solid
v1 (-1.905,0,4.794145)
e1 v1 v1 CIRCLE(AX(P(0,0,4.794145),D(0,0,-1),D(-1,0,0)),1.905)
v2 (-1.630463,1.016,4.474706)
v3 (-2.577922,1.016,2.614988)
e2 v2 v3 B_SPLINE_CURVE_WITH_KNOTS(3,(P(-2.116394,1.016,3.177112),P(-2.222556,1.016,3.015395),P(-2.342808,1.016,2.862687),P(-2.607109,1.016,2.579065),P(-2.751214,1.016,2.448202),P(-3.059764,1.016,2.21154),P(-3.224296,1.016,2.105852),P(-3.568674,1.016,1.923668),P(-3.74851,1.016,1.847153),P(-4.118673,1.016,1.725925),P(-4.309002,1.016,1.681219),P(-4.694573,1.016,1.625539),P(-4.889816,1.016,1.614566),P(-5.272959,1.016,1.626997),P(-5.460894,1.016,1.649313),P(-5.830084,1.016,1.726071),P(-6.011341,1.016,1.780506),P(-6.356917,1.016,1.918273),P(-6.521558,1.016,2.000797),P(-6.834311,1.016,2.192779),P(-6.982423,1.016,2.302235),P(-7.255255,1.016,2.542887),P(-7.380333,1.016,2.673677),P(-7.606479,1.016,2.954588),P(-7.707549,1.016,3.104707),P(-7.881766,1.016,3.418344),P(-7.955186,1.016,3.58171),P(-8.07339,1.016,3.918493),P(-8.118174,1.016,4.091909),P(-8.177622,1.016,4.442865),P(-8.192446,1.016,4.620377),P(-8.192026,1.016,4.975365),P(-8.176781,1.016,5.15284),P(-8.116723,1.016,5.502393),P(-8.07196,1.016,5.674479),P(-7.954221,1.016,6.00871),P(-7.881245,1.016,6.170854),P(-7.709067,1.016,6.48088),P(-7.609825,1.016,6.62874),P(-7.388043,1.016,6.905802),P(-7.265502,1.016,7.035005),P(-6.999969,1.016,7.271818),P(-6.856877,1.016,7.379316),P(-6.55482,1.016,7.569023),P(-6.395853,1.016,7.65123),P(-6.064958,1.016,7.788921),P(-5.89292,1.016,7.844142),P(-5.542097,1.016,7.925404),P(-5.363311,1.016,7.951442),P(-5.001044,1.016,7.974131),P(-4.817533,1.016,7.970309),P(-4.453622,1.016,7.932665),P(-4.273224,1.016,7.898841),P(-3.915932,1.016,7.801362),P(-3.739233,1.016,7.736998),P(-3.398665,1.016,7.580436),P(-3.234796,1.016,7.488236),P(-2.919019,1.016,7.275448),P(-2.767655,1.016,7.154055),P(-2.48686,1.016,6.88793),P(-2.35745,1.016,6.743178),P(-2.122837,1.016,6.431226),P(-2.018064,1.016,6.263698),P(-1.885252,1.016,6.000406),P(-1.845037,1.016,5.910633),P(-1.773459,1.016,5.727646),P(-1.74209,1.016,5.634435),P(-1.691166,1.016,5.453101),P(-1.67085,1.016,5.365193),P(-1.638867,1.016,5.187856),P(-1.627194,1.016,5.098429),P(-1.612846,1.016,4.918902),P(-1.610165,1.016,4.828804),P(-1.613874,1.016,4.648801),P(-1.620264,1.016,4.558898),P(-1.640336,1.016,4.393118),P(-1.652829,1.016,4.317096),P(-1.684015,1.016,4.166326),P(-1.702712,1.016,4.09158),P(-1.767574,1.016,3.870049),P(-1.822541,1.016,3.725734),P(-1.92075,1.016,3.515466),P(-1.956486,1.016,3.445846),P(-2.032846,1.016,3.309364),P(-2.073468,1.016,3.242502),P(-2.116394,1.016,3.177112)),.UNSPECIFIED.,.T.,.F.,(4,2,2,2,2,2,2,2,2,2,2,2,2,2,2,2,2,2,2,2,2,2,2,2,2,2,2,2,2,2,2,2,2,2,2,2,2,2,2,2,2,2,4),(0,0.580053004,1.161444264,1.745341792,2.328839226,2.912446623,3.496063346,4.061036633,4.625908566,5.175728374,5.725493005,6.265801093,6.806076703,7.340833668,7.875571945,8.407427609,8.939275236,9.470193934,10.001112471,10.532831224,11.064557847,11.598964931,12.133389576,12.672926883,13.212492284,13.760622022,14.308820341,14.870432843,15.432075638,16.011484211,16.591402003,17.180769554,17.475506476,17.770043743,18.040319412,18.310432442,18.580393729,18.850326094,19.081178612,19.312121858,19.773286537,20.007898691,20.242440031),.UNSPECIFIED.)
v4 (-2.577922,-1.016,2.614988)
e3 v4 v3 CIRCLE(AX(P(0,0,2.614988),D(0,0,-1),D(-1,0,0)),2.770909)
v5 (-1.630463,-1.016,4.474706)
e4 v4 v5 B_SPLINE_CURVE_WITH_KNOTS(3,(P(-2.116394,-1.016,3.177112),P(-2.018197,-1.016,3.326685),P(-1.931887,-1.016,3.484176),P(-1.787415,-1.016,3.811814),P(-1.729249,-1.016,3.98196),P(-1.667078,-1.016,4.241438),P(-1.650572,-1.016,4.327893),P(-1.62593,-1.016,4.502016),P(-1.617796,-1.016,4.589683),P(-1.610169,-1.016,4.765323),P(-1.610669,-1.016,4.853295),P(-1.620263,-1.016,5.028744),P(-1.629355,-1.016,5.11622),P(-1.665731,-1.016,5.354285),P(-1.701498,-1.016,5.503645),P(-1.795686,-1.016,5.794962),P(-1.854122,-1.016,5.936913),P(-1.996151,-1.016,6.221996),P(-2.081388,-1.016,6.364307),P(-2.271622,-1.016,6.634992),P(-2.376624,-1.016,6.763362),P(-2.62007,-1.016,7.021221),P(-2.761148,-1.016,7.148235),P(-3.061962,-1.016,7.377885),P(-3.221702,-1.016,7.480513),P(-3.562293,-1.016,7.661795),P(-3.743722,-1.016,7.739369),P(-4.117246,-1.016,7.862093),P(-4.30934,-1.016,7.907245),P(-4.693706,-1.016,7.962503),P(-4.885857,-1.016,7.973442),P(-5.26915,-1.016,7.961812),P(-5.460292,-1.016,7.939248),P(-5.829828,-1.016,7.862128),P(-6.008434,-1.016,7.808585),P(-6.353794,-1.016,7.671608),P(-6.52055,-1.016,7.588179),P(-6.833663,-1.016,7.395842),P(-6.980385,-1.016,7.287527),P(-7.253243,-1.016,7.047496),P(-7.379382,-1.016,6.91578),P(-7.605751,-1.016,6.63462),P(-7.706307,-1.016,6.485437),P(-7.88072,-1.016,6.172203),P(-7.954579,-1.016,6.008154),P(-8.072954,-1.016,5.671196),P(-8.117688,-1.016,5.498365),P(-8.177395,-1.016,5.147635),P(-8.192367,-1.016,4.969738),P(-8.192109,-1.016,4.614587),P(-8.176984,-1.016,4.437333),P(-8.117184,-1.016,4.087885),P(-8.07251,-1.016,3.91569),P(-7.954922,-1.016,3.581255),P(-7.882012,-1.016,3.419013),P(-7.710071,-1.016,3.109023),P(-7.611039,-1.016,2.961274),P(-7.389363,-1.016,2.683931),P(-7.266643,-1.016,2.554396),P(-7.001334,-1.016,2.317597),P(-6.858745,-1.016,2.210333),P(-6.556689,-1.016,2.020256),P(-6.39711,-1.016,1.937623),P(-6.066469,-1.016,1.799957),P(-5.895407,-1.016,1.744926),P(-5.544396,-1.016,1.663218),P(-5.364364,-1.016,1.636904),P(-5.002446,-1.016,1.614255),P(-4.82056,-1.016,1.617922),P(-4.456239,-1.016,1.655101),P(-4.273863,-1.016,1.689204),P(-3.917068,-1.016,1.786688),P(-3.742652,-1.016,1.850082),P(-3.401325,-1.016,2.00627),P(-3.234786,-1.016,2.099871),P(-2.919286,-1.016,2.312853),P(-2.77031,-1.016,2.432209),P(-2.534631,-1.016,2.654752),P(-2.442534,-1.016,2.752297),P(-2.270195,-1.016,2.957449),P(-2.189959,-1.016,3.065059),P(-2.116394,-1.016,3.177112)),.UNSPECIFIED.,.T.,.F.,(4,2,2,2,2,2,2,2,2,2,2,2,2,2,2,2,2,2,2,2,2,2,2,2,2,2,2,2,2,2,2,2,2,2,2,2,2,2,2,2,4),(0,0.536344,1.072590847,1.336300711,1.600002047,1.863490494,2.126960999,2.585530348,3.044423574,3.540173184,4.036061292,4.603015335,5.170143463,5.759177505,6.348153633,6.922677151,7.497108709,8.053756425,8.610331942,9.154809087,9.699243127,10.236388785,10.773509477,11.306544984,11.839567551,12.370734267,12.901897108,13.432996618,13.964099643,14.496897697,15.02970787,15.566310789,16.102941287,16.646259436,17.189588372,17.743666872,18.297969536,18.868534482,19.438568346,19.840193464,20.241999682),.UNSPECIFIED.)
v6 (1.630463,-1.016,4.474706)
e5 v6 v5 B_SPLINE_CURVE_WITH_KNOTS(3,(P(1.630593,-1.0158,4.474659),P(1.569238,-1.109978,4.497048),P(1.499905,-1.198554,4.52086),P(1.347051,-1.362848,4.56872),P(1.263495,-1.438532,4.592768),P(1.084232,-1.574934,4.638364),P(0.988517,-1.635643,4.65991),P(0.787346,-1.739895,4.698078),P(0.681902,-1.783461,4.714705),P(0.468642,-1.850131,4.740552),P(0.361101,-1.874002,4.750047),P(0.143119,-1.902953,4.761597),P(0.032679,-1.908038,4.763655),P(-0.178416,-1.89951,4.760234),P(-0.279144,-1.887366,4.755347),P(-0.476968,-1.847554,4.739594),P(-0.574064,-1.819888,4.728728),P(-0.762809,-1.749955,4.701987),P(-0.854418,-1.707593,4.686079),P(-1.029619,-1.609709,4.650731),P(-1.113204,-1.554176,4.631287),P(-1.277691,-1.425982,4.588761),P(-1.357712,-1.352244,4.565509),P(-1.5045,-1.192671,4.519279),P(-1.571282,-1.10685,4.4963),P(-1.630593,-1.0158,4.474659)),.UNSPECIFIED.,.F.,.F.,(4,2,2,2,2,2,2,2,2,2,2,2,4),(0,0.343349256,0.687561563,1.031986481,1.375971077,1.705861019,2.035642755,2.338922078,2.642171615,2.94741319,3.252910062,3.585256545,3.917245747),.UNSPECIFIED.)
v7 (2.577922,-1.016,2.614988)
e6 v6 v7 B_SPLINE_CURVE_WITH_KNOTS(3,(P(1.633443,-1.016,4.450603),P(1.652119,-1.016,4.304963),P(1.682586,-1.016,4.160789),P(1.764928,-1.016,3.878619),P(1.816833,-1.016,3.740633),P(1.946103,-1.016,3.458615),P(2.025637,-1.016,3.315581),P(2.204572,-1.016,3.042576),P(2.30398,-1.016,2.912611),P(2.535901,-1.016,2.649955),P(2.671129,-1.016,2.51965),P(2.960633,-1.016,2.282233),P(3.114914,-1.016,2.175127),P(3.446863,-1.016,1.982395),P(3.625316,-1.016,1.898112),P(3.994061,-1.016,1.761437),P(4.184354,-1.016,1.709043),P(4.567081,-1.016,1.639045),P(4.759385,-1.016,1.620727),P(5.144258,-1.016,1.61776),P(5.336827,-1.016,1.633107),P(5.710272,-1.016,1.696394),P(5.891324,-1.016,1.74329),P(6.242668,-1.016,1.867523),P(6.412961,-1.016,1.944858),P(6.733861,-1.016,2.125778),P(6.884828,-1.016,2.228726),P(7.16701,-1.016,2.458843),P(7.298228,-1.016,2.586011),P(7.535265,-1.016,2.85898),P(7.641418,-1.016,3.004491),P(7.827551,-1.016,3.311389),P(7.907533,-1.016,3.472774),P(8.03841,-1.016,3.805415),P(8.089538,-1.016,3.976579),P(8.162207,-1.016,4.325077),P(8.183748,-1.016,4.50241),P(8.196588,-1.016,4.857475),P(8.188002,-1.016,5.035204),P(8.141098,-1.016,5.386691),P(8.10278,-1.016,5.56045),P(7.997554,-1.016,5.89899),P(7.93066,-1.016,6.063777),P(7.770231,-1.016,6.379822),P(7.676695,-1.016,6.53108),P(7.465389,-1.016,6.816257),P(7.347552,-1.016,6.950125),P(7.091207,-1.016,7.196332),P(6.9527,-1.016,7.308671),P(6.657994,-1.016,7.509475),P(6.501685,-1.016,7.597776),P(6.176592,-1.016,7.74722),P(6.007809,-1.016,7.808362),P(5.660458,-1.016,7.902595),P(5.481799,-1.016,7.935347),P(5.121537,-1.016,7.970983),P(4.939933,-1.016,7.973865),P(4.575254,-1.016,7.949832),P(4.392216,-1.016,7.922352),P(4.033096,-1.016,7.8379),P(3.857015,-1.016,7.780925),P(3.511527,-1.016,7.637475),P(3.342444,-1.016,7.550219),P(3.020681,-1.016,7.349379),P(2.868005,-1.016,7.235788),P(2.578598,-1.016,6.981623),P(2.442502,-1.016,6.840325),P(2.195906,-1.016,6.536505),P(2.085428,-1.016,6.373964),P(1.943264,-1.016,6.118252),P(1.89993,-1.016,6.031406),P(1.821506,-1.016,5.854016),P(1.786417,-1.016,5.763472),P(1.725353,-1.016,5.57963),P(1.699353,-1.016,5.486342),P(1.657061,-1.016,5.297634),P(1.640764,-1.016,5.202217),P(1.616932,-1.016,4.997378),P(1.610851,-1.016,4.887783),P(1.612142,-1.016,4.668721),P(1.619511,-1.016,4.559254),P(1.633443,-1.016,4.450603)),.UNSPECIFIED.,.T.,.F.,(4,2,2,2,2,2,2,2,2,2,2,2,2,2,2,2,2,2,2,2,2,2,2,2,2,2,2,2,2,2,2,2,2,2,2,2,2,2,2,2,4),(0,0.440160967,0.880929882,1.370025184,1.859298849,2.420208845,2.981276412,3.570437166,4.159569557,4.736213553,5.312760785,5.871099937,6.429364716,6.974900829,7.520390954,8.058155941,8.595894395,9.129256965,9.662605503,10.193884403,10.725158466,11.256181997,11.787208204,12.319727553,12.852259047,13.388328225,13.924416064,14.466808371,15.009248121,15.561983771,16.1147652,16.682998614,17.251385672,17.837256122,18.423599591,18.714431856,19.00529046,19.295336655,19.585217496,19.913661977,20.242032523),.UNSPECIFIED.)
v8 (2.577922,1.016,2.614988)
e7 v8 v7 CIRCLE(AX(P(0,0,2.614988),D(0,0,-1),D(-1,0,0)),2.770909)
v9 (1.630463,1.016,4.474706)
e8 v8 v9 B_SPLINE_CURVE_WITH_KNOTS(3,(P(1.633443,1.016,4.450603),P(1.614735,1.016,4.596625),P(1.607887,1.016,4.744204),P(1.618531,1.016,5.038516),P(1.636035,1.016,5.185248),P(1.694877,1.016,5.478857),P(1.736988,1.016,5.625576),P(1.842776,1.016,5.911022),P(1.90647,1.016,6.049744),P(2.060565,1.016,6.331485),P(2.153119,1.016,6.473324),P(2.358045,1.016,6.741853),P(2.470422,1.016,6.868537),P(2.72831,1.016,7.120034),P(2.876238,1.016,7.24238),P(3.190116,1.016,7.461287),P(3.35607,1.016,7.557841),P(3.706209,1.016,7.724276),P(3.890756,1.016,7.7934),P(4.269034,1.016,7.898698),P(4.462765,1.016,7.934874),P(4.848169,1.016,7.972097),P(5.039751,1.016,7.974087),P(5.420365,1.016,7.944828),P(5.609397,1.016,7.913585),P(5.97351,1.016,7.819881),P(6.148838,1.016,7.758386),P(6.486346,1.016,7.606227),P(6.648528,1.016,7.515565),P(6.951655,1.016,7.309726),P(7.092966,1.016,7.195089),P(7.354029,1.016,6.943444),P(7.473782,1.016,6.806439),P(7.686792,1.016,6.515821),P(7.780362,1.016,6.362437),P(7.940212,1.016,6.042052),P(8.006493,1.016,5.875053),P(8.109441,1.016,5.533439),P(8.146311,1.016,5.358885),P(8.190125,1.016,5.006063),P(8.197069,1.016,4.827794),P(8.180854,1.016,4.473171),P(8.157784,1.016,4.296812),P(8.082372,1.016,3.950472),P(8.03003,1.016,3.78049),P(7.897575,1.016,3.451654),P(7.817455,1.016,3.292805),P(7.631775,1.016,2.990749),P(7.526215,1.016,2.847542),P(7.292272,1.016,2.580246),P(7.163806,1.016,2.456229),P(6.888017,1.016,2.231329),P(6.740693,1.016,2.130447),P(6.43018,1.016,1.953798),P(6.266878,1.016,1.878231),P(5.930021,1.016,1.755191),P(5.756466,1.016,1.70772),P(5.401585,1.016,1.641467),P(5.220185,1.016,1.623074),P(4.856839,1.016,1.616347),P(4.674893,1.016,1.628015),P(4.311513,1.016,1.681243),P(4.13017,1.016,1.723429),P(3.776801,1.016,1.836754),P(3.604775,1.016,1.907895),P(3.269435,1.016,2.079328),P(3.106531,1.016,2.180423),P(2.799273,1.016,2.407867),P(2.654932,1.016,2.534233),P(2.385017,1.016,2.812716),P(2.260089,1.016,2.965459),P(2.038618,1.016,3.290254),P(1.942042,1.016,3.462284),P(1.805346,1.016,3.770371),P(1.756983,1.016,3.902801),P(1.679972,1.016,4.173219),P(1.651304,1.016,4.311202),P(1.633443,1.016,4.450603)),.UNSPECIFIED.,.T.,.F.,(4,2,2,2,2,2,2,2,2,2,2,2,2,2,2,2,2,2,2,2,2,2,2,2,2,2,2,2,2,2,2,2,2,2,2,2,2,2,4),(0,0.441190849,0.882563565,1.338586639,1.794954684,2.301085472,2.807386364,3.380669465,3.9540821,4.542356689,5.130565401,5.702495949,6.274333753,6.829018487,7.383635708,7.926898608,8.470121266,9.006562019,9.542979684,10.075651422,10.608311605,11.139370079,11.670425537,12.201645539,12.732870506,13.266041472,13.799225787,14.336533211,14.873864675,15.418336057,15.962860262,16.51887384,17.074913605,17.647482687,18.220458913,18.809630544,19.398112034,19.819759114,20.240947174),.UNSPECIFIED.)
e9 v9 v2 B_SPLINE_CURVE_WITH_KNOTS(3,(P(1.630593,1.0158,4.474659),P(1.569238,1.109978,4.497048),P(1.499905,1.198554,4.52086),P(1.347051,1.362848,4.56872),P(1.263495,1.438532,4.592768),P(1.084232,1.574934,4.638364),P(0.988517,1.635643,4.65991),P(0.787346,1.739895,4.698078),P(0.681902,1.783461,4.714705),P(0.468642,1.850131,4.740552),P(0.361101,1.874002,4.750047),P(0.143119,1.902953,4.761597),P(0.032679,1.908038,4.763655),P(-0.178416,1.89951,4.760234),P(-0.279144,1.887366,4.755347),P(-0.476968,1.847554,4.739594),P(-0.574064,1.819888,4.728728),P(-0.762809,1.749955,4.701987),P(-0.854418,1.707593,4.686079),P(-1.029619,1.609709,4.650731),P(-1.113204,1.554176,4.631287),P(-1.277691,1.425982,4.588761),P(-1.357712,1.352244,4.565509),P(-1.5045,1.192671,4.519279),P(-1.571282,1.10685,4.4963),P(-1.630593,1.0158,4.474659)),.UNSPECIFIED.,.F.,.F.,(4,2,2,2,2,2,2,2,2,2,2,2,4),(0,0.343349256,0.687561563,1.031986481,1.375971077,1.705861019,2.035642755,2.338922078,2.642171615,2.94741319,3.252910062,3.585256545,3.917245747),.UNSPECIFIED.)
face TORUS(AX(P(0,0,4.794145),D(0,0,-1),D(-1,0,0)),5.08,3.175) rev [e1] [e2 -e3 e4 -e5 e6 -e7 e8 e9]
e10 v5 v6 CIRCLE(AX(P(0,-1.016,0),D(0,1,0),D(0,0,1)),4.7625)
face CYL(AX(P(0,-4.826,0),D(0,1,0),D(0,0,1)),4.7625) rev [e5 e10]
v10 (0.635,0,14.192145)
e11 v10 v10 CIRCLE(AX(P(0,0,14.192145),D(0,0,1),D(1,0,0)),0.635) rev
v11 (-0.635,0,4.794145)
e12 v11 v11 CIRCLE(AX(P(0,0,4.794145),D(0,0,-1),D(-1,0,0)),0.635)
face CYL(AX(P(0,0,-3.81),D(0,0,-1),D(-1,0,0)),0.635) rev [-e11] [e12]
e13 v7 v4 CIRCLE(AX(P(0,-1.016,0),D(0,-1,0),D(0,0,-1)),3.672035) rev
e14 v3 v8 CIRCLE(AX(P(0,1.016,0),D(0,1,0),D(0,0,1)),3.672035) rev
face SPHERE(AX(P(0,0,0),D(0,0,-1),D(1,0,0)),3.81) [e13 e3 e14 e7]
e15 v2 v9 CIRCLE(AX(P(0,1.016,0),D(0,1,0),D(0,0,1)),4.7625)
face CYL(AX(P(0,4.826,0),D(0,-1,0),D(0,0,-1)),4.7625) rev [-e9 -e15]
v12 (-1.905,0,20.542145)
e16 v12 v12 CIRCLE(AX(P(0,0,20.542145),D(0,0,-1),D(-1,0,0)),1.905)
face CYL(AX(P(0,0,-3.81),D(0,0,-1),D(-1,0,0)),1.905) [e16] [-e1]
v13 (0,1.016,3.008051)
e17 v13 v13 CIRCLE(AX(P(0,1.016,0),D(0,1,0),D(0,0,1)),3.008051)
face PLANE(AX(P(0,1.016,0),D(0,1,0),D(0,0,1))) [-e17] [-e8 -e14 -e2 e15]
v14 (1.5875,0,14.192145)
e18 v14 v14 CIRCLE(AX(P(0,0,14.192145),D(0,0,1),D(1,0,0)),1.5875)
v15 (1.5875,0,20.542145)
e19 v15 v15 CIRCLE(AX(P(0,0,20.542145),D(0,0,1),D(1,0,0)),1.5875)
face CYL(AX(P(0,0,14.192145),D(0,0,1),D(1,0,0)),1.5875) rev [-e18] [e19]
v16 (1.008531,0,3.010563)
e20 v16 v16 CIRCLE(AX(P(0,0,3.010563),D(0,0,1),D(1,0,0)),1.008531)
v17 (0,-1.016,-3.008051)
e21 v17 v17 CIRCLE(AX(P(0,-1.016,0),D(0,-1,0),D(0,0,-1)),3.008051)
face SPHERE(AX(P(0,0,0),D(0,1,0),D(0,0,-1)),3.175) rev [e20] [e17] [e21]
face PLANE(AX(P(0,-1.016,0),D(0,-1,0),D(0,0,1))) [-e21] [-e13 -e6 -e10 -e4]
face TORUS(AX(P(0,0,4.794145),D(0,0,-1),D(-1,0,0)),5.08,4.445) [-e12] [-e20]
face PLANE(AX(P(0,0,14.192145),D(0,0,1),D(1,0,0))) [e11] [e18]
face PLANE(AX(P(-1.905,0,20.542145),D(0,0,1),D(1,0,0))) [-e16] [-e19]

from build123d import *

# Parameters (mm, degrees)
SHELL1_T           = -1.27
SKETCH2_R          = 1.5875
CUT_EXTRUDE2_DEPTH = 6.35
SKETCH3_R          = 4.7625
CUT_EXTRUDE3_DEPTH = 3.81


with BuildPart() as part:
    # Sketch1 → Revolve1 (revolve)
    with BuildSketch(Plane(origin=(0, 0, 0), x_dir=(1, 0, 0), z_dir=(0, 1, 0))):
        with BuildLine():
            Line((-1.905, -4.794144866), (-1.905, -20.542144866))
            Line((-1.905, -20.542144866), (0, -20.542144866))
            Line((0, -20.542144866), (0, 3.81))
            ThreePointArc((0, 3.81), (-3.498514306, 1.508806698), (-2.770909091, -2.614988109))
            ThreePointArc((-2.770909091, -2.614988109), (-2.129407802, -3.621698415), (-1.905, -4.794144866))
        make_face()
    revolve(axis=Axis((0, 0, -3.81), (0, 0, 1)))

    # Shell1
    shell1_openings = [part.faces().sort_by_distance(p)[0] for p in [
        (0, 0, 20.542144866),
    ]]
    offset(amount=SHELL1_T, openings=shell1_openings, kind=Kind.INTERSECTION)

    # Sketch4 → Cut-Revolve1 (revolve, cut)
    with BuildSketch(Plane(origin=(0, 0, 0), x_dir=(0, 0, -1), z_dir=(1, 0, 0))):
        with BuildLine():
            Line((0, 3.175), (0, -3.175))
            ThreePointArc((0, -3.175), (3.175, 0), (0, 3.175))
        make_face()
    revolve(axis=Axis((0, 3.175, 0), (0, -1, 0)), mode=Mode.SUBTRACT)

    # Sketch2 → Cut-Extrude2 (cut)
    with BuildSketch(Plane.XY.offset(20.542144866)):
        Circle(SKETCH2_R)
    extrude(amount=-CUT_EXTRUDE2_DEPTH, mode=Mode.SUBTRACT)

    # Sketch3 → Cut-Extrude3 (cut)
    with BuildSketch(Plane(origin=(0, 1.016, 0), x_dir=(1, 0, 0), z_dir=(0, 1, 0))):
        Circle(SKETCH3_R)
    cut_extrude3 = extrude(amount=CUT_EXTRUDE3_DEPTH, mode=Mode.SUBTRACT)

    # Mirror1: Cut-Extrude3 across plane
    add(cut_extrude3.mirror(Plane.ZX), mode=Mode.SUBTRACT)


solid = part.part
